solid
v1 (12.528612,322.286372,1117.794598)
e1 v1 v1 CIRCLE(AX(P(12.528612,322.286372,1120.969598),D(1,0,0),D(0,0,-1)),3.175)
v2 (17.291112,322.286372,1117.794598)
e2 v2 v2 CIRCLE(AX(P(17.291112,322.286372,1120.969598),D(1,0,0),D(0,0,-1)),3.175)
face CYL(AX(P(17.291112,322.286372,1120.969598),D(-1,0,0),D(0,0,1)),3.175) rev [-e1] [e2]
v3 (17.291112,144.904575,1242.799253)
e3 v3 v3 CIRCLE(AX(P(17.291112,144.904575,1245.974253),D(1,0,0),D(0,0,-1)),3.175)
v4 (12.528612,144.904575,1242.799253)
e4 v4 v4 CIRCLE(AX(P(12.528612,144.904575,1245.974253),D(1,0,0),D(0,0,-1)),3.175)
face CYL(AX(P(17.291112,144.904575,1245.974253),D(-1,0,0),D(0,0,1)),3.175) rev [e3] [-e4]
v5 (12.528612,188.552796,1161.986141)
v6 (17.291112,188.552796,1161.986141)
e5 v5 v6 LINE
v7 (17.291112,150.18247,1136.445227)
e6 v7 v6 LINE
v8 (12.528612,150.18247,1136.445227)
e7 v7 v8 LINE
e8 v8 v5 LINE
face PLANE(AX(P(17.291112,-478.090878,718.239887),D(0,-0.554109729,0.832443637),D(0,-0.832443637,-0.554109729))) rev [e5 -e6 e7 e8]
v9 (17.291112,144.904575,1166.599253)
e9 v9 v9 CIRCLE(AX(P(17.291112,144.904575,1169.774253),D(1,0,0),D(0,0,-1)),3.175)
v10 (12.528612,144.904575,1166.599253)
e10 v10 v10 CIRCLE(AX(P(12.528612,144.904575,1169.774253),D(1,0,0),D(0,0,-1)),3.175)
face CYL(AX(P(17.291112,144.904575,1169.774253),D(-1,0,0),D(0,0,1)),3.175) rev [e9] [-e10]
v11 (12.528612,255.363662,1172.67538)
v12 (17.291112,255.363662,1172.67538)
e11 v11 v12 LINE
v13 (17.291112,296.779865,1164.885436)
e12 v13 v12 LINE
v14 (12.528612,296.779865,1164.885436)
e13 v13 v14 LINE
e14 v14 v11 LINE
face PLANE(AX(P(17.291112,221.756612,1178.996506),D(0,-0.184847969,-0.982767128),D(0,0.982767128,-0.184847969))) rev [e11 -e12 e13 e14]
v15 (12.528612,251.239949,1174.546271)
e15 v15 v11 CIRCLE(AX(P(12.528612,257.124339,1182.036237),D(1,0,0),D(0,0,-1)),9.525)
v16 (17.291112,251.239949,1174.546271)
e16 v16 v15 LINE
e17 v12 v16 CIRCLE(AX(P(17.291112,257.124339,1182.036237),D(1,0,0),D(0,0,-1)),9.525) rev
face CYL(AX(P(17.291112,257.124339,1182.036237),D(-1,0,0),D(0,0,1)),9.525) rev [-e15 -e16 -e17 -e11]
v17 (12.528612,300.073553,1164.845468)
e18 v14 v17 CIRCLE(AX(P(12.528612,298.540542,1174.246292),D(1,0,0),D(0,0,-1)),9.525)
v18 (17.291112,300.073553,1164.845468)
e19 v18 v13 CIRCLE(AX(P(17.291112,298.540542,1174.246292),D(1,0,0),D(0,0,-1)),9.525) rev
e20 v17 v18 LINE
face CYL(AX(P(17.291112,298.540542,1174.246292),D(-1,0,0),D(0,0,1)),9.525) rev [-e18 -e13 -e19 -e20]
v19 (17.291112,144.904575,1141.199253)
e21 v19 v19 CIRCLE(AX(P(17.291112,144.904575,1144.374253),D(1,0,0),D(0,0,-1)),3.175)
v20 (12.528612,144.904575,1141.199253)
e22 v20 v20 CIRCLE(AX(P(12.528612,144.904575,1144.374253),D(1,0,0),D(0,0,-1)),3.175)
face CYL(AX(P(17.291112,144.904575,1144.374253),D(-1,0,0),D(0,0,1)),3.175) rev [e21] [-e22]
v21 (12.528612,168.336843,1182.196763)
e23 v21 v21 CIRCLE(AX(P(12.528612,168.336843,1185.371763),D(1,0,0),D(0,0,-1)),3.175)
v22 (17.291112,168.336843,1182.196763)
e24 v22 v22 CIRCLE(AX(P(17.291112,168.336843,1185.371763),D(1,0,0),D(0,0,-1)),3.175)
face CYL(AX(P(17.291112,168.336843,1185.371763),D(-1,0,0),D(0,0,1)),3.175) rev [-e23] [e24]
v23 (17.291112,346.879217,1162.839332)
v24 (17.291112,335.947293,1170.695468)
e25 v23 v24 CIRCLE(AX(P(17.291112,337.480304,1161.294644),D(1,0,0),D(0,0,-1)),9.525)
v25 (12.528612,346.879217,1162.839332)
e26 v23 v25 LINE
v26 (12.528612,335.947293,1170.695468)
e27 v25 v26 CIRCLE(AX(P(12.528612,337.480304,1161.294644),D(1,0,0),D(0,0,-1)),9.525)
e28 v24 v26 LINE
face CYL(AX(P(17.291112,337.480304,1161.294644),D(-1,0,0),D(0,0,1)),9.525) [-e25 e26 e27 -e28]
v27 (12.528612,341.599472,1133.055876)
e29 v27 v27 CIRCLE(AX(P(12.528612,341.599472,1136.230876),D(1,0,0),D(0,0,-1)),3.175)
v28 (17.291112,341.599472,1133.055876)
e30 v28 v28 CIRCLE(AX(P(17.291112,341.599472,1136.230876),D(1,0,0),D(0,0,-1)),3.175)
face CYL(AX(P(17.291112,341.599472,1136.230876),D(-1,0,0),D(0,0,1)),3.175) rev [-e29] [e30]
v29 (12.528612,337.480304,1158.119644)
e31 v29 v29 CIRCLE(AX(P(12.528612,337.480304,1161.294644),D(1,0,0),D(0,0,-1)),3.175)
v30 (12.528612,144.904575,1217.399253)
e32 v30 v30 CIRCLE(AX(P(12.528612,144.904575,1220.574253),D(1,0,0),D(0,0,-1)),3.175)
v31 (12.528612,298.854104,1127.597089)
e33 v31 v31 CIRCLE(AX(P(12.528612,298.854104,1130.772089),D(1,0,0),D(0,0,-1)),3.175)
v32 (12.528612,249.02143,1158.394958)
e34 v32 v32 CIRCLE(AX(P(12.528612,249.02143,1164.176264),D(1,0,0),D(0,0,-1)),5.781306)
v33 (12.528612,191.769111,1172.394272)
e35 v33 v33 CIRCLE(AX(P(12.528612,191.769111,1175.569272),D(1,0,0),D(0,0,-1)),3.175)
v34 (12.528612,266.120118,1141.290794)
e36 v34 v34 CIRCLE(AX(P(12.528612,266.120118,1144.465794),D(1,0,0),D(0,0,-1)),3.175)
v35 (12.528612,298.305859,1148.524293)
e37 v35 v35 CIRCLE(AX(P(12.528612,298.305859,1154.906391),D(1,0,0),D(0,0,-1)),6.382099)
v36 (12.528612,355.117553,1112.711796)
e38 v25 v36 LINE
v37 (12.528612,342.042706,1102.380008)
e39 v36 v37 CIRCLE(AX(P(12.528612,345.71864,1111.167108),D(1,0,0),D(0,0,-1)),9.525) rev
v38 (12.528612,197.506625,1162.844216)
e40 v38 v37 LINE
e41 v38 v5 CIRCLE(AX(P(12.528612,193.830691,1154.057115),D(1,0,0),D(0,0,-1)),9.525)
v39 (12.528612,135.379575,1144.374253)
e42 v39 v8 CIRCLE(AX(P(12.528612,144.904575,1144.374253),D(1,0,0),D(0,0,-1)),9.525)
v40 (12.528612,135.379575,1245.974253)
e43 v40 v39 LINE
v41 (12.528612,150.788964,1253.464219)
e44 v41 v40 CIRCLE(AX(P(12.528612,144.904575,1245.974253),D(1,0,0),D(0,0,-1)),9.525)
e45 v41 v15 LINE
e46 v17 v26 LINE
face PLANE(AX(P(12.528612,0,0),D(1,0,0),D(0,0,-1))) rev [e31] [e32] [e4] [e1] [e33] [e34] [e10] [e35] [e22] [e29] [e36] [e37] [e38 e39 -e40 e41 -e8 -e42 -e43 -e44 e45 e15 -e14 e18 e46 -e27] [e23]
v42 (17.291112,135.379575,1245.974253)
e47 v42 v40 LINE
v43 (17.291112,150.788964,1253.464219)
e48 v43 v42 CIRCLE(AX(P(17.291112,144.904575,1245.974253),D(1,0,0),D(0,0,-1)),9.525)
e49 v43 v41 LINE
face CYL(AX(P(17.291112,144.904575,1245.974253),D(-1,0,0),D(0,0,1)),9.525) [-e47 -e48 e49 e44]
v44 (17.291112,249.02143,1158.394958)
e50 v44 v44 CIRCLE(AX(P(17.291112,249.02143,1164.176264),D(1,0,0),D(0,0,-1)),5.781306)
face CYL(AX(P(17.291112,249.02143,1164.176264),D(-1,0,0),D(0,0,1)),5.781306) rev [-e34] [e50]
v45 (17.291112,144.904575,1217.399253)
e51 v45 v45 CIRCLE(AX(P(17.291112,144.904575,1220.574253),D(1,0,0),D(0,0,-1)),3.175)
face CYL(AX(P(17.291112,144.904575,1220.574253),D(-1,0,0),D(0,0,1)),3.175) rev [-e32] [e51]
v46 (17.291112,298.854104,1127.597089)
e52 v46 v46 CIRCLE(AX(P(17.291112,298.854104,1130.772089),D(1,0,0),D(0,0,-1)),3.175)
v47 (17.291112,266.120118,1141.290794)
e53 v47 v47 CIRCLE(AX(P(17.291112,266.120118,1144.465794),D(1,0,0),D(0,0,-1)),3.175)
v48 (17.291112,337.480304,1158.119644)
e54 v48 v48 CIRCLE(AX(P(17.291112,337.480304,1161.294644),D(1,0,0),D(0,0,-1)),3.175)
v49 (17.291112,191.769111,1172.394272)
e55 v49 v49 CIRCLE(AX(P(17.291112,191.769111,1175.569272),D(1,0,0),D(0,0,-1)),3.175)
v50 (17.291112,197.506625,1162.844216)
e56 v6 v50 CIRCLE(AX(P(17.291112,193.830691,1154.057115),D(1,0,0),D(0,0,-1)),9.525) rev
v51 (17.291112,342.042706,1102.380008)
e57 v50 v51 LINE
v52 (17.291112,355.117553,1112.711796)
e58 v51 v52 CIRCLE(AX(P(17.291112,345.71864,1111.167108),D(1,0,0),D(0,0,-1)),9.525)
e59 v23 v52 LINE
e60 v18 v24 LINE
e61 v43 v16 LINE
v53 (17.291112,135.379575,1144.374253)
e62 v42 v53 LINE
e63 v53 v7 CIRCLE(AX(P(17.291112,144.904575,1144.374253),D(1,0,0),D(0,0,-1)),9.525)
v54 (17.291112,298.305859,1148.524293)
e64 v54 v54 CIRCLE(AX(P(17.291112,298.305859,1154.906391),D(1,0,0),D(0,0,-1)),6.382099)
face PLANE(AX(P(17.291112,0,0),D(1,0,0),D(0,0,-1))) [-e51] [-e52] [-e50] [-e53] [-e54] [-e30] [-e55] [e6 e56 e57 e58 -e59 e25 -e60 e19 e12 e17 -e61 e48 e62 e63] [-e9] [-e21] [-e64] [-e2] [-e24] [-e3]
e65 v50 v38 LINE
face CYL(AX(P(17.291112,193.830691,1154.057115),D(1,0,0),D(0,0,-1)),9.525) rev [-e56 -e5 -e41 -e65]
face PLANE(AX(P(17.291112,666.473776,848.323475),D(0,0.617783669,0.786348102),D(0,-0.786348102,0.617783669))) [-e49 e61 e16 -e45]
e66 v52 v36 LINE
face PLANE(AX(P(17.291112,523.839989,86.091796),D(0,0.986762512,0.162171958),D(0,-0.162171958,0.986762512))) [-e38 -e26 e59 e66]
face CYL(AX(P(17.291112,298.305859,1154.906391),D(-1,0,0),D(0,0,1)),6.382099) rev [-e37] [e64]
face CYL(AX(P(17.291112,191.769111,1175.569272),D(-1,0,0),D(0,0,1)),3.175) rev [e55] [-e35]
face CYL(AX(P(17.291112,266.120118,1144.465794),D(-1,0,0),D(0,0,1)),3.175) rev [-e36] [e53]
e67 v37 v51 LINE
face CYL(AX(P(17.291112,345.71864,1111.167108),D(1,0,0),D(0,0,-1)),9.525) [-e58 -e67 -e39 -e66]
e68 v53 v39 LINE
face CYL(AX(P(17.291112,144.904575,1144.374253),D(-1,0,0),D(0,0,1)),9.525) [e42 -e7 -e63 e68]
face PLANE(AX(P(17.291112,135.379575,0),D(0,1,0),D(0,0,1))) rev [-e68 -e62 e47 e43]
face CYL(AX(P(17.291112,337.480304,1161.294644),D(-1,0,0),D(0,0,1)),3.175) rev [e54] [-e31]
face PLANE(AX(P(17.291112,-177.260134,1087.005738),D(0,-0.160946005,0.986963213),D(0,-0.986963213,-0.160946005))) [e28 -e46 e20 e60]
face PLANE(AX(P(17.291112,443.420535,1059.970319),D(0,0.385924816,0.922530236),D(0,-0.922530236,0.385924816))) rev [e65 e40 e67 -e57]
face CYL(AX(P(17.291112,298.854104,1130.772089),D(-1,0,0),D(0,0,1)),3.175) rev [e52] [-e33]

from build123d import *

# Parameters (mm, degrees)
BOSS_EXTRUDE1_START = 12.528612
SKETCH2_R           = 3.175
SKETCH2_R_2         = 5.781305793
SKETCH2_R_3         = 6.382098514
BOSS_EXTRUDE1_DEPTH = 4.7625
FILLET1_R           = 9.525


with BuildPart() as part:
    # Sketch2 → Boss-Extrude1 (new body)
    with BuildSketch(Plane(origin=(0, 0, 0), x_dir=(0, 0, -1), z_dir=(1, 0, 0)).offset(BOSS_EXTRUDE1_START)):
        with BuildLine():
            ThreePointArc((-1144.374252892, 135.379574554), (-1135.977897239, 140.407148985), (-1136.445227254, 150.182469725))
            Line((-1136.445227254, 150.182469725), (-1164.81319381, 192.799900886))
            Line((-1164.81319381, 192.799900886), (-1112.182497939, 318.610437742))
            Line((-1112.182497939, 318.610437742), (-1095.74378362, 357.906203065))
            Line((-1095.74378362, 357.906203065), (-1137.77556383, 350.998384801))
            Line((-1137.77556383, 350.998384801), (-1162.839331646, 346.879217061))
            ThreePointArc((-1162.839331646, 346.879217061), (-1169.029486958, 343.038885374), (-1170.695468345, 335.947293432))
            Line((-1170.695468345, 335.947293432), (-1164.57634177, 298.423200658))
            Line((-1164.57634177, 298.423200658), (-1173.106250375, 253.07288466))
            Line((-1173.106250375, 253.07288466), (-1253.464218567, 150.788964003))
            ThreePointArc((-1253.464218567, 150.788964003), (-1254.540886843, 140.740633182), (-1245.974252892, 135.379574554))
            Line((-1245.974252892, 135.379574554), (-1144.374252892, 135.379574554))
        make_face()
        with Locations((-1245.974252892, 144.904574554)):
            Circle(SKETCH2_R, mode=Mode.SUBTRACT)
        with Locations((-1220.574252892, 144.904574554)):
            Circle(SKETCH2_R, mode=Mode.SUBTRACT)
        with Locations((-1185.371762566, 168.336842549)):
            Circle(SKETCH2_R, mode=Mode.SUBTRACT)
        with Locations((-1169.774252892, 144.904574554)):
            Circle(SKETCH2_R, mode=Mode.SUBTRACT)
        with Locations((-1144.374252892, 144.904574554)):
            Circle(SKETCH2_R, mode=Mode.SUBTRACT)
        with Locations((-1175.56927224, 191.769110545)):
            Circle(SKETCH2_R, mode=Mode.SUBTRACT)
        with Locations((-1164.176264161, 249.021430388)):
            Circle(SKETCH2_R_2, mode=Mode.SUBTRACT)
        with Locations((-1144.465794272, 266.120118002)):
            Circle(SKETCH2_R, mode=Mode.SUBTRACT)
        with Locations((-1154.90639106, 298.305859313)):
            Circle(SKETCH2_R_3, mode=Mode.SUBTRACT)
        with Locations((-1130.772088763, 298.854103619)):
            Circle(SKETCH2_R, mode=Mode.SUBTRACT)
        with Locations((-1161.294643743, 337.48030413)):
            Circle(SKETCH2_R, mode=Mode.SUBTRACT)
        with Locations((-1136.230875927, 341.59947187)):
            Circle(SKETCH2_R, mode=Mode.SUBTRACT)
        with Locations((-1120.969598437, 322.286371614)):
            Circle(SKETCH2_R, mode=Mode.SUBTRACT)
    extrude(amount=BOSS_EXTRUDE1_DEPTH)

    # Fillet1
    fillet1_edges = [part.edges().sort_by_distance(p)[0] for p in [
        (14.909862, 357.906203065, 1095.74378362),
        (14.909862, 192.799900886, 1164.81319381),
        (14.909862, 253.07288466, 1173.106250375),
        (14.909862, 298.423200658, 1164.57634177),
    ]]
    fillet(fillet1_edges, radius=FILLET1_R)


solid = part.part
